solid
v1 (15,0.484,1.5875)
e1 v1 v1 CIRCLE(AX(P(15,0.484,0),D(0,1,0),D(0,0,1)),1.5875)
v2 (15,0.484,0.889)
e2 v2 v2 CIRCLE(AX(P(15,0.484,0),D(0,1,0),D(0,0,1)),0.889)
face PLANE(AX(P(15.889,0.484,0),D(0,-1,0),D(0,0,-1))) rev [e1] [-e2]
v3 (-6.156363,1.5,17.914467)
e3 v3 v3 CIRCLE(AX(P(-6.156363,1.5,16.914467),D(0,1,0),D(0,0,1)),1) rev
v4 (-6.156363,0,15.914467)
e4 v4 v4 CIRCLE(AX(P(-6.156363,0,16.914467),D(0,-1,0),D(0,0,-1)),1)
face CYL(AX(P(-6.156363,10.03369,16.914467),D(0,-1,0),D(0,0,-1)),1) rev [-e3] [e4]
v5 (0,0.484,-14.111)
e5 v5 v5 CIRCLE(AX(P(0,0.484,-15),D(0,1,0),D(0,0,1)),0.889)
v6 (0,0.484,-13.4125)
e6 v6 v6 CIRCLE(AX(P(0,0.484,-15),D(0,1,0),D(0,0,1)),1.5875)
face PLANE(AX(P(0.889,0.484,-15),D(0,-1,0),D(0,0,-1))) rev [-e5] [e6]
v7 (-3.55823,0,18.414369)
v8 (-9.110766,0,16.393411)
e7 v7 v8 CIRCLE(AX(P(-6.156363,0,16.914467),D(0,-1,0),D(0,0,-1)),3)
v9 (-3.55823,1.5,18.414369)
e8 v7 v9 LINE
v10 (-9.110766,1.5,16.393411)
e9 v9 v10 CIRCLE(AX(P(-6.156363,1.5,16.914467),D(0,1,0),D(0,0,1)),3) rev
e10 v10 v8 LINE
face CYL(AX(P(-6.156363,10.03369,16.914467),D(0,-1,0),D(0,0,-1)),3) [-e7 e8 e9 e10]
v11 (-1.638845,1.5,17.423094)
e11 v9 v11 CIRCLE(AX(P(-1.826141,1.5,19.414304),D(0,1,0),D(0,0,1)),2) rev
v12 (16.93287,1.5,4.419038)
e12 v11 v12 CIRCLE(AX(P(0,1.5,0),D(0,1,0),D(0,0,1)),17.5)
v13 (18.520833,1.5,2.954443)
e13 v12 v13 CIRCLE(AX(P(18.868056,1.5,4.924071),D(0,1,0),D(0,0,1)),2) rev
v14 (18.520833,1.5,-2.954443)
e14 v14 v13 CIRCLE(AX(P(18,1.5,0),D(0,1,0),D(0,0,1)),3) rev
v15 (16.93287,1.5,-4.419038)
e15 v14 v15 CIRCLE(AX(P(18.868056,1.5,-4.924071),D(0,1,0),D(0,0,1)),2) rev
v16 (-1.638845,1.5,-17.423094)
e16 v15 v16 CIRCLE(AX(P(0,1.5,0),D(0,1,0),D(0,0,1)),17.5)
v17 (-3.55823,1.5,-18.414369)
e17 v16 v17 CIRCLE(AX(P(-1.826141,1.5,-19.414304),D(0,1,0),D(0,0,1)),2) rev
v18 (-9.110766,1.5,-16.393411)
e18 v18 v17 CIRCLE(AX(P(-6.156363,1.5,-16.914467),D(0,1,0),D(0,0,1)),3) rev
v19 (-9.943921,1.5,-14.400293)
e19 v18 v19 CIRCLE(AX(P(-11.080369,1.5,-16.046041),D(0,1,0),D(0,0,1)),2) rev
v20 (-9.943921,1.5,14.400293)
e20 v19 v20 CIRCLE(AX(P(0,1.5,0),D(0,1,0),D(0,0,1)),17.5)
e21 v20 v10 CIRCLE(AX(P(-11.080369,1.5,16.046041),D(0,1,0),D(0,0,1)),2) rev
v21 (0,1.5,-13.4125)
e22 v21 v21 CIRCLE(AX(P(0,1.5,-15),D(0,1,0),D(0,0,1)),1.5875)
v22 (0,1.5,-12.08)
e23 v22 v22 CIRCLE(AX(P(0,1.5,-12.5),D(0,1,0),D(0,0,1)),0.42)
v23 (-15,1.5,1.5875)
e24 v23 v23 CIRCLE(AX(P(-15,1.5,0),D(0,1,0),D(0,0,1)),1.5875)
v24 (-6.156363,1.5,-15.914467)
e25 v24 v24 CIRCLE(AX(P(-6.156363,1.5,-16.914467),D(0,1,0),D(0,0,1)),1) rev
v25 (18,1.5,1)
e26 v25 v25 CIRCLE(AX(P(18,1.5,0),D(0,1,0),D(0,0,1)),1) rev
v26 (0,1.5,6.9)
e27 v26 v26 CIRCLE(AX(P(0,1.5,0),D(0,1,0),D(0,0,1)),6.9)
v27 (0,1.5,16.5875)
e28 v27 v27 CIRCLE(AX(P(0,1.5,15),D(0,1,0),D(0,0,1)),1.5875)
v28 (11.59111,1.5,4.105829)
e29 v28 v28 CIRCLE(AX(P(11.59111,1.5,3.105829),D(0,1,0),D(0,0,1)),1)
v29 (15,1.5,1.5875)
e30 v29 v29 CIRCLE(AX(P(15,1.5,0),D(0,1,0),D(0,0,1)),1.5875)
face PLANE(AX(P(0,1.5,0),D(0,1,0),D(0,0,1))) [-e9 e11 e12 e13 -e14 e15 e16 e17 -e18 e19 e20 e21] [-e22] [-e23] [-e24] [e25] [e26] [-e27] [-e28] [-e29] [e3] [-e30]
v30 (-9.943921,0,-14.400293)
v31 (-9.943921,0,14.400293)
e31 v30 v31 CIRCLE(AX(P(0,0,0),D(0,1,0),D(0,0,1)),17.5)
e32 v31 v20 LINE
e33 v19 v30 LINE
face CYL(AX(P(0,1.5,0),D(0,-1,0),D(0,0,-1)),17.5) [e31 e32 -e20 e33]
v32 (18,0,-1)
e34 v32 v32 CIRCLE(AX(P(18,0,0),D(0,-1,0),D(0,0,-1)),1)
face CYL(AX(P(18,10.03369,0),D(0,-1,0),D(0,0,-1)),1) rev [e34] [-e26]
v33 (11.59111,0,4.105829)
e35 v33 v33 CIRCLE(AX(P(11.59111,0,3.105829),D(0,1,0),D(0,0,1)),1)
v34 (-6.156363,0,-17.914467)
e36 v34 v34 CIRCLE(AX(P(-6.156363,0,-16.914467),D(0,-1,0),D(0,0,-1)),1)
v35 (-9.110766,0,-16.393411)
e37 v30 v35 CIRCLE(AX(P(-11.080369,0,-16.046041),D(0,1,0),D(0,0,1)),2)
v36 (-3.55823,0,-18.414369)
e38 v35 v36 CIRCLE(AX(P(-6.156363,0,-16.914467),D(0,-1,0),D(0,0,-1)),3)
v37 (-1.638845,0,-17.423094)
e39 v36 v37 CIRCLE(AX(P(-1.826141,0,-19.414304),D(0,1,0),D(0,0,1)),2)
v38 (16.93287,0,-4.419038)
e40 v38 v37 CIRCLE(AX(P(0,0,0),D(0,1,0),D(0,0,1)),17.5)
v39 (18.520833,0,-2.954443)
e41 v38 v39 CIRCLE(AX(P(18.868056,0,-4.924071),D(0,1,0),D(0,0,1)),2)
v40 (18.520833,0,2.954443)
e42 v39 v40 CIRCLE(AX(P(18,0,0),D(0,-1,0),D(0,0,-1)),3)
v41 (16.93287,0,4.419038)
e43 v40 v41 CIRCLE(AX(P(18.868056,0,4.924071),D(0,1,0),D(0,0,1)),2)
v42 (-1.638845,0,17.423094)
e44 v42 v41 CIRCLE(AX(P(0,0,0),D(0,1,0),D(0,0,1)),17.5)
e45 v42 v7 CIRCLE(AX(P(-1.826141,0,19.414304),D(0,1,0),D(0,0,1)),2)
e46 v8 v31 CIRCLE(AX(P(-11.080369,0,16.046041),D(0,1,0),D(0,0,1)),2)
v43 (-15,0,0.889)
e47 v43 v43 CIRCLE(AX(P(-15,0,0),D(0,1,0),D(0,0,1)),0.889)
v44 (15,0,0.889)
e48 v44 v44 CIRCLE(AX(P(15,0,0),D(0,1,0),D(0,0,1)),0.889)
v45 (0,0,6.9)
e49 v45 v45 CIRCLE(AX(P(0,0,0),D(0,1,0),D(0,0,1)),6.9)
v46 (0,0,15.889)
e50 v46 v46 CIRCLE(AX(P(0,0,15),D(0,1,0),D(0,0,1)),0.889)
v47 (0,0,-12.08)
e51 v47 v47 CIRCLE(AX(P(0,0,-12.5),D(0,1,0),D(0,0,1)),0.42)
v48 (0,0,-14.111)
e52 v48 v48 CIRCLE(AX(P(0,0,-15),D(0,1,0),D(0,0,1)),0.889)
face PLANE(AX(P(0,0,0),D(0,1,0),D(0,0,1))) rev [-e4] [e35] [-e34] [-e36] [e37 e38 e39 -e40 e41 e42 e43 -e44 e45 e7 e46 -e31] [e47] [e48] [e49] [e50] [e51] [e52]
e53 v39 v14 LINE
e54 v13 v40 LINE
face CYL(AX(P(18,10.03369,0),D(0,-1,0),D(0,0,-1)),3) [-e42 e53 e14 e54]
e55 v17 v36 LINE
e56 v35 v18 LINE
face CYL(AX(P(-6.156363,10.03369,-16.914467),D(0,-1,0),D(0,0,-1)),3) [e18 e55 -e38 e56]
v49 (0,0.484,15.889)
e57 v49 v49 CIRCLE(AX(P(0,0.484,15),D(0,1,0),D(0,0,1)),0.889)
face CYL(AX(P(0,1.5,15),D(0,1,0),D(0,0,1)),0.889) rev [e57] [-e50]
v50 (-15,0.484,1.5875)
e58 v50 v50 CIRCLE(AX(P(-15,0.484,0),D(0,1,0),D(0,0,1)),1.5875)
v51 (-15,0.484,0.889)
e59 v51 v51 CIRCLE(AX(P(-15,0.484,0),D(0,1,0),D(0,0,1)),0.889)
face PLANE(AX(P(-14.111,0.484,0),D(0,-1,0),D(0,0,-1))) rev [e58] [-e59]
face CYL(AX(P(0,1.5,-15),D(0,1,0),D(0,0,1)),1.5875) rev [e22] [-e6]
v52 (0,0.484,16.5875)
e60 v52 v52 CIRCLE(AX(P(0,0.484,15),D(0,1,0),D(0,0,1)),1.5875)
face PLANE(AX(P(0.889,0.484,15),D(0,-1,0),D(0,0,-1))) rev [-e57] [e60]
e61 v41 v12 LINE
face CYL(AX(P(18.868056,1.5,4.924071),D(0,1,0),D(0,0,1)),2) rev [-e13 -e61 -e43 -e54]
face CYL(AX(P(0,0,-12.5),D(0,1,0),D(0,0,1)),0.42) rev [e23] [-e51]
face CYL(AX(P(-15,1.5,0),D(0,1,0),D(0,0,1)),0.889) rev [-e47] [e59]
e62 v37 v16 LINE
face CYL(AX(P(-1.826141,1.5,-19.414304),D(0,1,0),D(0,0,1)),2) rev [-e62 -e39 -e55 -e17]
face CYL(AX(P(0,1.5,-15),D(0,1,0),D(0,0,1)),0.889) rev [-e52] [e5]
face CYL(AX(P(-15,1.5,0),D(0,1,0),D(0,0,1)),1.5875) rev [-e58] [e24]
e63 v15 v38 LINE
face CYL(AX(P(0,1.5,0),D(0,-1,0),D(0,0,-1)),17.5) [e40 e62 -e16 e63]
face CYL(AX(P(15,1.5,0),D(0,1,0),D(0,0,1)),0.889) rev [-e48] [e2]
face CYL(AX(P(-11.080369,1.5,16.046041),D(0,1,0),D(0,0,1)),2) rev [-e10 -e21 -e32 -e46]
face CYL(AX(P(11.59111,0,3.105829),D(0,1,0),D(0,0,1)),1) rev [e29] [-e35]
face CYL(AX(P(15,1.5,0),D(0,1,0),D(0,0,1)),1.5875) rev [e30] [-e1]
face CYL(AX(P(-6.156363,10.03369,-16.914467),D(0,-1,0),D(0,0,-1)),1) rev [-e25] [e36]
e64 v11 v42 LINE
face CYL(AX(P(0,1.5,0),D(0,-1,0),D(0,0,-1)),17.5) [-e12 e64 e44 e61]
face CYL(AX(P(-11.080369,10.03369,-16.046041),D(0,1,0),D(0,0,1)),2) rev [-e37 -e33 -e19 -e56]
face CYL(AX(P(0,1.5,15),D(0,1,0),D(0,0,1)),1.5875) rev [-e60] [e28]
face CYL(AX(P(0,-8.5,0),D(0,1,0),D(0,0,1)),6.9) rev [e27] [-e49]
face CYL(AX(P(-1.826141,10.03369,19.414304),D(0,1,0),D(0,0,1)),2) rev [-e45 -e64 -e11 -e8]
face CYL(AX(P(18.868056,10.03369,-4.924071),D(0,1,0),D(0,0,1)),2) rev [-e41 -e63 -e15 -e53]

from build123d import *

# Parameters (mm, degrees)
SKETCH1_R                                      = 17.5
BOSS_EXTRUDE1_DEPTH                            = 1.5
CUT_EXTRUDE1_DEPTH                             = 25.794152536
CUT_EXTRUDE1_DEPTH_BACK                        = 25.794152536
SKETCH6_R                                      = 0.42
SKETCH6_R_2                                    = 1
CBORE_FOR_0_SOCKET_HEAD_CAP_SCREW1_D           = 1.778
CBORE_FOR_0_SOCKET_HEAD_CAP_SCREW1_CBORE_D     = 3.175
CBORE_FOR_0_SOCKET_HEAD_CAP_SCREW1_CBORE_DEPTH = 1.016
BOSS_EXTRUDE2_DEPTH                            = 1.5
FILLET1_R                                      = 2
CUT_EXTRUDE2_START                             = -10
SKETCH10_R                                     = 1
CUT_EXTRUDE2_DEPTH                             = 10
SKETCH11_R                                     = 6.9
CUT_EXTRUDE3_DEPTH                             = 10


with BuildPart() as part:
    # Sketch1 → Boss-Extrude1 (new body)
    with BuildSketch(Plane(origin=(0, 0, 0), x_dir=(1, 0, 0), z_dir=(0, 1, 0))):
        with Locations(Location((0, 0, 0), (0, 0, 270))):
            Circle(SKETCH1_R)
    extrude(amount=BOSS_EXTRUDE1_DEPTH)

    # Sketch6 → Cut-Extrude1 (cut, two sides: drawn at the far end of the back side and taken through both)
    with BuildSketch(Plane(origin=(0, 1.5, 0), x_dir=(1, 0, 0), z_dir=(0, 1, 0)).offset(-CUT_EXTRUDE1_DEPTH_BACK)):
        with Locations(Location((0, 12.5, 0), (0, 0, 270))):
            Circle(SKETCH6_R)
        with Locations(Location((11.591109915, -3.105828541, 0), (0, 0, 270))):
            Circle(SKETCH6_R_2)
    extrude(amount=CUT_EXTRUDE1_DEPTH + CUT_EXTRUDE1_DEPTH_BACK, mode=Mode.SUBTRACT)

    # CBORE for #0 Socket Head Cap Screw1 (through all)
    with Locations(Plane(origin=(0, 1.5, 0), x_dir=(1, 0, 0), z_dir=(0, 1, 0))):
        with Locations((0, 15), (-15, 0), (0, -15), (15, 0)):
            CounterBoreHole(CBORE_FOR_0_SOCKET_HEAD_CAP_SCREW1_D / 2, CBORE_FOR_0_SOCKET_HEAD_CAP_SCREW1_CBORE_D / 2, CBORE_FOR_0_SOCKET_HEAD_CAP_SCREW1_CBORE_DEPTH)

    # Sketch9 → Boss-Extrude2 (add)
    with BuildSketch(Plane.XZ):
        with BuildLine():
            ThreePointArc((-3.2615852, 17.702035532), (-7.18242301, 19.733545037), (-8.880129888, 15.657052506))
            Line((-8.880129888, 15.657052506), (-8.706640889, 15.180395398))
            ThreePointArc((-8.706640889, 15.180395398), (-7.758159345, 15.686330469), (-6.780403574, 16.133075571))
            ThreePointArc((-6.780403574, 16.133075571), (-6.498382723, 17.854159795), (-5.176050603, 16.717012297))
            ThreePointArc((-5.176050603, 16.717012297), (-4.139884011, 17.00327499), (-3.0880962, 17.225378424))
            Line((-3.0880962, 17.225378424), (-3.2615852, 17.702035532))
        make_face()
        with BuildLine():
            ThreePointArc((17.242752101, 2.989565186), (17.39377576, 1.925244093), (17.479166667, 0.853658385))
            ThreePointArc((17.479166667, 0.853658385), (19, 0), (17.479166667, -0.853658385))
            ThreePointArc((17.479166667, -0.853658385), (17.39377576, -1.925244093), (17.242752101, -2.989565186))
            Line((17.242752101, -2.989565186), (17.75, -2.989565186))
            ThreePointArc((17.75, -2.989565186), (21, 0), (17.75, 2.989565186))
            Line((17.75, 2.989565186), (17.242752101, 2.989565186))
        make_face()
        with BuildLine():
            ThreePointArc((-8.880129888, -15.657052506), (-7.18242301, -19.733545037), (-3.2615852, -17.702035532))
            Line((-3.2615852, -17.702035532), (-3.0880962, -17.225378424))
            ThreePointArc((-3.0880962, -17.225378424), (-4.139884011, -17.00327499), (-5.176050603, -16.717012297))
            ThreePointArc((-5.176050603, -16.717012297), (-6.498382723, -17.854159795), (-6.780403574, -16.133075571))
            ThreePointArc((-6.780403574, -16.133075571), (-7.758159345, -15.686330469), (-8.706640889, -15.180395398))
            Line((-8.706640889, -15.180395398), (-8.880129888, -15.657052506))
        make_face()
    extrude(amount=-BOSS_EXTRUDE2_DEPTH)

    # Fillet1
    fillet1_edges = [part.edges().sort_by_distance(p)[0] for p in [
        (17.242752101, 0.75, 2.989565186),
        (-3.0880962, 0.75, 17.225378424),
        (-8.706640889, 0.75, 15.180395398),
        (-8.706640889, 0.75, -15.180395398),
        (-3.0880962, 0.75, -17.225378424),
        (17.242752101, 0.75, -2.989565186),
    ]]
    fillet(fillet1_edges, radius=FILLET1_R)

    # Sketch10 → Cut-Extrude2 (cut)
    with BuildSketch(Plane(origin=(0, 1.5, 0), x_dir=(1, 0, 0), z_dir=(0, 1, 0)).offset(CUT_EXTRUDE2_START)):
        with Locations(Location((-6.15636258, 16.914467174, 0), (0, 0, 90))):
            Circle(SKETCH10_R)
        with Locations(Location((18, 0, 0), (0, 0, 90))):
            Circle(SKETCH10_R)
        with Locations(Location((-6.15636258, -16.914467174, 0), (0, 0, 90))):
            Circle(SKETCH10_R)
    extrude(amount=CUT_EXTRUDE2_DEPTH, mode=Mode.SUBTRACT)

    # Sketch11 → Cut-Extrude3 (cut)
    with BuildSketch(Plane(origin=(0, 1.5, 0), x_dir=(1, 0, 0), z_dir=(0, 1, 0))):
        with Locations(Location((0, 0, 0), (0, 0, 270))):
            Circle(SKETCH11_R)
    extrude(amount=-CUT_EXTRUDE3_DEPTH, mode=Mode.SUBTRACT)


solid = part.part
